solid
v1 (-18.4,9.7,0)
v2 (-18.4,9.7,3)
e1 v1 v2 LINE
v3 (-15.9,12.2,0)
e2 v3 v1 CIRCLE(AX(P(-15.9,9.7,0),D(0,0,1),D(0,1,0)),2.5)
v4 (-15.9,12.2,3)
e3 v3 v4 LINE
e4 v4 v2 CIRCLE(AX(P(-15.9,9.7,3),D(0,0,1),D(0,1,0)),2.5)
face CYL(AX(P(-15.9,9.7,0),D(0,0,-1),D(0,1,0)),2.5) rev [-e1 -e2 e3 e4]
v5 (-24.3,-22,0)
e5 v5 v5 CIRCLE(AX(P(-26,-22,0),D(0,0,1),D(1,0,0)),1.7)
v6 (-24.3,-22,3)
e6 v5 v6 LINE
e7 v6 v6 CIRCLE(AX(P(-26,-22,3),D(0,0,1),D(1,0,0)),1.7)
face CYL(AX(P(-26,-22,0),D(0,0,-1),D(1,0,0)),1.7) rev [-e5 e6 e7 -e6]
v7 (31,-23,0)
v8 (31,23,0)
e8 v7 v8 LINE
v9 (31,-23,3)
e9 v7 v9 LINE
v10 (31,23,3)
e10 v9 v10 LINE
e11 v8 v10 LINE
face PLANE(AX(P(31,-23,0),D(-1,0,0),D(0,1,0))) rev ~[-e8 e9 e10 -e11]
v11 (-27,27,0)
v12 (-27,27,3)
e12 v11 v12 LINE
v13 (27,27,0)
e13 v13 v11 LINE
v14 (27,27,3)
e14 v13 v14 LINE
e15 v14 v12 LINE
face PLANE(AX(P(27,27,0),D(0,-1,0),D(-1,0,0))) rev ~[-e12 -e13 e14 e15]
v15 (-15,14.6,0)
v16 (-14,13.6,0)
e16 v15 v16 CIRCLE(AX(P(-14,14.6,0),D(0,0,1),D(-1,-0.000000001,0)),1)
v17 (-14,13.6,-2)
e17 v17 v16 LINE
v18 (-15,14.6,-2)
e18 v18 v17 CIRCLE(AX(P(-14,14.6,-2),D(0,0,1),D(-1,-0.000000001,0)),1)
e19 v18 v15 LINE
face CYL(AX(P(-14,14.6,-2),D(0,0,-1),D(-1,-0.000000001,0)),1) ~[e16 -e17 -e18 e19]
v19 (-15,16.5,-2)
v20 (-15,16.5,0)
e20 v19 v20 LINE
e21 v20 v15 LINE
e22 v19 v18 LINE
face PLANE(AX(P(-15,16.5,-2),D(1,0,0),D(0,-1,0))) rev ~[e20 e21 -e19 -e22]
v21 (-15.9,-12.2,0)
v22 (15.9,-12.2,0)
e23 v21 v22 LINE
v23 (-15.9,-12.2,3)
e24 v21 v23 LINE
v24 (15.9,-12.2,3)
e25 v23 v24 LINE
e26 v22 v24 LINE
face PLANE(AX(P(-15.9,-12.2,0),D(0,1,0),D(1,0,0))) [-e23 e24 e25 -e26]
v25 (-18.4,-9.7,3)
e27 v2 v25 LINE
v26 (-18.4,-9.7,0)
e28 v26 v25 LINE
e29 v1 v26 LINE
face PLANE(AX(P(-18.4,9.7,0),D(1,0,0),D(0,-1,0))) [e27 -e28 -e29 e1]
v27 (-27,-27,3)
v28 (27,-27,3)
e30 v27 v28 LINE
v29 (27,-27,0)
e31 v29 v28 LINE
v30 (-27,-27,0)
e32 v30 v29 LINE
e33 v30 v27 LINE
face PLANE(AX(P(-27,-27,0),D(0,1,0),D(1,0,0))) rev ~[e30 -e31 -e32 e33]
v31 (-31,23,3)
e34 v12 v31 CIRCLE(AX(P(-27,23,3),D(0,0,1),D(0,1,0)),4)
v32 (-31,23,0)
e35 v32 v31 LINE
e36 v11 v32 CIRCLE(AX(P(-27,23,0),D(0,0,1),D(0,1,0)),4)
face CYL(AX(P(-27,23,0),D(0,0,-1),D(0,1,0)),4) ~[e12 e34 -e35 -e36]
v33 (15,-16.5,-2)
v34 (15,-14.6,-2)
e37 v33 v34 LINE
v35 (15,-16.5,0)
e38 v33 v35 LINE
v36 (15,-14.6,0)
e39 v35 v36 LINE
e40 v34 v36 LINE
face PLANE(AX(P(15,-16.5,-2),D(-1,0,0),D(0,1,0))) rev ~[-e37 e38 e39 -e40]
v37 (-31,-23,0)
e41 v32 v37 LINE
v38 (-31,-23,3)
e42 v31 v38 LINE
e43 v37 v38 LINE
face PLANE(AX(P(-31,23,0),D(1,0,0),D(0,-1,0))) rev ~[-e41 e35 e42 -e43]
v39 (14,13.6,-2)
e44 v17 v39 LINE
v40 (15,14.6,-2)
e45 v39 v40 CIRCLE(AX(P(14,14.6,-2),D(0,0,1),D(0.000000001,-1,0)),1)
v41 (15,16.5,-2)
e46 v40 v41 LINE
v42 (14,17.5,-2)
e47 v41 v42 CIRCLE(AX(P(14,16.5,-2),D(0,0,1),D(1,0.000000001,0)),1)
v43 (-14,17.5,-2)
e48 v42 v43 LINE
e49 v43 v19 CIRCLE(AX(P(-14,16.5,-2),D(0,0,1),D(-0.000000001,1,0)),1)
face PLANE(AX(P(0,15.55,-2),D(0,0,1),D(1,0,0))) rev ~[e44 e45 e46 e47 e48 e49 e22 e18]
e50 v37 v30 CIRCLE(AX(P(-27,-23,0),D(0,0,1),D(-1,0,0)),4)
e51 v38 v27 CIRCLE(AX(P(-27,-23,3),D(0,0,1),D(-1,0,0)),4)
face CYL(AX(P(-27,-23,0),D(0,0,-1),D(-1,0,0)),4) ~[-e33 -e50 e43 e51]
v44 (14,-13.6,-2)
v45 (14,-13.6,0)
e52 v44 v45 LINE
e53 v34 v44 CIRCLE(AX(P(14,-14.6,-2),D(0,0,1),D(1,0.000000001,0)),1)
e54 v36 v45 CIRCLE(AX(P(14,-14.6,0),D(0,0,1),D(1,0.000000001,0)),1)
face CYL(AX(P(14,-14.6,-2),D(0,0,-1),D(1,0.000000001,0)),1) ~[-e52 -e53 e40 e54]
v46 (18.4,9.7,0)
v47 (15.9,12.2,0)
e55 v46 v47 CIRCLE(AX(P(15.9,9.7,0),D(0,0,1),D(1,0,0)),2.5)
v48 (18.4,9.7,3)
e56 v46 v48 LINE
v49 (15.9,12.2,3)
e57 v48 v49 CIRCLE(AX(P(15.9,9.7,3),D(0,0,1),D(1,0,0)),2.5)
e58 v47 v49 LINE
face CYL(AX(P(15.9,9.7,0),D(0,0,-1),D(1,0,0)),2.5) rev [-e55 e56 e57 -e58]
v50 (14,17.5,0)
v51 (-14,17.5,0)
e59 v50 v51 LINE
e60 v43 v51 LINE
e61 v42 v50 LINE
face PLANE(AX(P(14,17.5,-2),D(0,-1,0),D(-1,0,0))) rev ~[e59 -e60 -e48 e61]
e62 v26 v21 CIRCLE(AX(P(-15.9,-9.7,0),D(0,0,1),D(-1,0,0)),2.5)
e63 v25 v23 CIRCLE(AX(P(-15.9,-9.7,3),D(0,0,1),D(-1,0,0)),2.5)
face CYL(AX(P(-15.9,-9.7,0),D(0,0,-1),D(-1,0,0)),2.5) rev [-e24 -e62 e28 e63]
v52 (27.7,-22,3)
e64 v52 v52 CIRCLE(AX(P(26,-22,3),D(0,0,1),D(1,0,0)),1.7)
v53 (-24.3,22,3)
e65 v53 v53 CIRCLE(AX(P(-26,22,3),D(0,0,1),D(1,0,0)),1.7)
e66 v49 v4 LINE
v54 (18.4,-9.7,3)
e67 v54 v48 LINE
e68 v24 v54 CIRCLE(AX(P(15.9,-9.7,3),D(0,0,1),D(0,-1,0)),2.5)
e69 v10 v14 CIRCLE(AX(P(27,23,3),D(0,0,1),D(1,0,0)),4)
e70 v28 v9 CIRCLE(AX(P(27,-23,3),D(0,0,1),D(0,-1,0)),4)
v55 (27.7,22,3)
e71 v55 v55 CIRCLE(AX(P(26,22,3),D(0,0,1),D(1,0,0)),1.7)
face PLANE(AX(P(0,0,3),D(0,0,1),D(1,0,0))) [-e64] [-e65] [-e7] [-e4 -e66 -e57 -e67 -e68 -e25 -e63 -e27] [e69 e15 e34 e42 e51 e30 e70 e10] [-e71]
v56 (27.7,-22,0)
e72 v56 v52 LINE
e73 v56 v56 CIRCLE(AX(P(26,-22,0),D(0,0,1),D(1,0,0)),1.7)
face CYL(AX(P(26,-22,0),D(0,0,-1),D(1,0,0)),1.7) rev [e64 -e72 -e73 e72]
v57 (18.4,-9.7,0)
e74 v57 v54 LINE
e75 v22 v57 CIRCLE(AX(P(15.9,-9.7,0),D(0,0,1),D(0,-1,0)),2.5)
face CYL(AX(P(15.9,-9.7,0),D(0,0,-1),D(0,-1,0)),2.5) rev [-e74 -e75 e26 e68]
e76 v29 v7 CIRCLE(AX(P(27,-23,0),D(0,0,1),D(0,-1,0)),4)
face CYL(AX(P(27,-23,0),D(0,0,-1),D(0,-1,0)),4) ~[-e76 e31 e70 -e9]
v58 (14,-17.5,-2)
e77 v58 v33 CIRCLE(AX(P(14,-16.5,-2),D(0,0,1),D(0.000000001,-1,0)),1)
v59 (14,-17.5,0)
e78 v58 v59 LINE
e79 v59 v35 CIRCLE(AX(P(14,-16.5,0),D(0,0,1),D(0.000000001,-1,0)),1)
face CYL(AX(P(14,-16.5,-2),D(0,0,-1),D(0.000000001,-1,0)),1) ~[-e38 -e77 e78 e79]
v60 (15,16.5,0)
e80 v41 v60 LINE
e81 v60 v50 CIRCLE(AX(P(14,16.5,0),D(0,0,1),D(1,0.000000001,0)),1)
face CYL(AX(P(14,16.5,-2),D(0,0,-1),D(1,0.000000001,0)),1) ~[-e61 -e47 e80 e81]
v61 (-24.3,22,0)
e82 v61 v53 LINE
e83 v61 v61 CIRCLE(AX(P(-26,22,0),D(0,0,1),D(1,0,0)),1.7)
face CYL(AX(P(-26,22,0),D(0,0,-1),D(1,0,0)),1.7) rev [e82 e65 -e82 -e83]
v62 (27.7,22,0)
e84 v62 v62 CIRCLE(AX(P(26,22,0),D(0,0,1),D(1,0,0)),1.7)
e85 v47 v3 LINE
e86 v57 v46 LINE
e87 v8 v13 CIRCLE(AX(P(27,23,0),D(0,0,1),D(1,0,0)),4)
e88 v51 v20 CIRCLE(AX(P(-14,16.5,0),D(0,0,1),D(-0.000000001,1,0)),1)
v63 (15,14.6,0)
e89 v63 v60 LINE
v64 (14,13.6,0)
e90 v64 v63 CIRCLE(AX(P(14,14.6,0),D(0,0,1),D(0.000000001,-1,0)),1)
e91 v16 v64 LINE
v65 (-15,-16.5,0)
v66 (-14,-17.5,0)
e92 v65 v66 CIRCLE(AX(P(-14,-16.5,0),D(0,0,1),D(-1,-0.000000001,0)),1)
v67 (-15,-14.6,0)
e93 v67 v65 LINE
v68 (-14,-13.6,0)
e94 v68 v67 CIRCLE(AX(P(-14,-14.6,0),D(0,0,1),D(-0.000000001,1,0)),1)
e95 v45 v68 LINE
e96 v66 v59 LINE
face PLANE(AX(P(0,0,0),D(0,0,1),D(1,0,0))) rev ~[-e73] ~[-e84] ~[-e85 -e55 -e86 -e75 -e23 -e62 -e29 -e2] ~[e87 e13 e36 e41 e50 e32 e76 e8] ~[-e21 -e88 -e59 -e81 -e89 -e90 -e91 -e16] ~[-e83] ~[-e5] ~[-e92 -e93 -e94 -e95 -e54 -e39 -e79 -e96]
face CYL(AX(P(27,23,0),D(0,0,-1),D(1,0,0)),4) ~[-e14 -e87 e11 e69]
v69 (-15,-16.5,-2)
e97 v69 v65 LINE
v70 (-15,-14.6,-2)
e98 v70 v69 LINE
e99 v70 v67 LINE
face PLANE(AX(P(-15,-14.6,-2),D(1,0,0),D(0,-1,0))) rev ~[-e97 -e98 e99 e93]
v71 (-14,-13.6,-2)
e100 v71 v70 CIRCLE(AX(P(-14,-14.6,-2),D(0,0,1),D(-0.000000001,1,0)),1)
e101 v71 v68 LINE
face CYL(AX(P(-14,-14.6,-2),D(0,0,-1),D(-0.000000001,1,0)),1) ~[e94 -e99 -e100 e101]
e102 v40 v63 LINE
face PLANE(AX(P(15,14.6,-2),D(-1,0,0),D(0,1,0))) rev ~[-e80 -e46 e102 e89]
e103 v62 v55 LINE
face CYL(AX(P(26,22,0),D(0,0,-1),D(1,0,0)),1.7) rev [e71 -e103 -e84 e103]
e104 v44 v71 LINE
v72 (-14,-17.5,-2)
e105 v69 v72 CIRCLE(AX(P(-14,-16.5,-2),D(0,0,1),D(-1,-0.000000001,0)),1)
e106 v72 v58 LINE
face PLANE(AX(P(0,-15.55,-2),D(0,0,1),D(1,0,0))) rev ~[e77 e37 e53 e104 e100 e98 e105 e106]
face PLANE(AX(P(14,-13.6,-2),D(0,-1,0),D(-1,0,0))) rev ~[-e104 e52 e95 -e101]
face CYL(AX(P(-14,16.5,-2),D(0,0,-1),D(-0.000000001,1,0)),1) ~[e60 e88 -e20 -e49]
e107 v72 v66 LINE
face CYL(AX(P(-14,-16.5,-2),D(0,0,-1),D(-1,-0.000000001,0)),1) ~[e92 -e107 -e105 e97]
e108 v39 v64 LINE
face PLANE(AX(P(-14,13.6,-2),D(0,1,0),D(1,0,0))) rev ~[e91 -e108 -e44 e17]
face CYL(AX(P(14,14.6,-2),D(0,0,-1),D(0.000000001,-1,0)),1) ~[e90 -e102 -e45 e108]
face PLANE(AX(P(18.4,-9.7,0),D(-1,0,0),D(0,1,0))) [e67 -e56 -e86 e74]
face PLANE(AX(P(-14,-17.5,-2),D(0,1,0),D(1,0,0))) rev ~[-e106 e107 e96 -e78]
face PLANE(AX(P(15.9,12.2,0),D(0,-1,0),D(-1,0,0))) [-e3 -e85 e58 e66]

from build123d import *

# Parameters (mm, degrees)
OUTER_CLAMP_COVER_62X54X3_SKETCH_R = 1.7
OUTER_CLAMP_COVER_62X54X3_DEPTH    = 3
TWO_CASE_RETAINING_FEET_START      = -2
TWO_CASE_RETAINING_FEET_DEPTH      = 2


with BuildPart() as part:
    # Outer_clamp_cover_62x54x3_Sketch → Outer_clamp_cover_62x54x3 (new body)
    with BuildSketch(Plane.XY):
        with BuildLine():
            Line((-27, -27), (27, -27))
            ThreePointArc((27, -27), (29.828427125, -25.828427125), (31, -23))
            Line((31, -23), (31, 23))
            ThreePointArc((31, 23), (29.828427125, 25.828427125), (27, 27))
            Line((27, 27), (-27, 27))
            ThreePointArc((-27, 27), (-29.828427125, 25.828427125), (-31, 23))
            Line((-31, 23), (-31, -23))
            ThreePointArc((-31, -23), (-29.828427125, -25.828427125), (-27, -27))
        make_face()
        with Locations((-26, -22)):
            Circle(OUTER_CLAMP_COVER_62X54X3_SKETCH_R, mode=Mode.SUBTRACT)
        with Locations((-26, 22)):
            Circle(OUTER_CLAMP_COVER_62X54X3_SKETCH_R, mode=Mode.SUBTRACT)
        with Locations((26, -22)):
            Circle(OUTER_CLAMP_COVER_62X54X3_SKETCH_R, mode=Mode.SUBTRACT)
        with Locations((26, 22)):
            Circle(OUTER_CLAMP_COVER_62X54X3_SKETCH_R, mode=Mode.SUBTRACT)
        with BuildLine():
            Line((-15.9, -12.2), (15.9, -12.2))
            ThreePointArc((15.9, -12.2), (17.667766953, -11.467766953), (18.4, -9.7))
            Line((18.4, -9.7), (18.4, 9.7))
            ThreePointArc((18.4, 9.7), (17.667766953, 11.467766953), (15.9, 12.2))
            Line((15.9, 12.2), (-15.9, 12.2))
            ThreePointArc((-15.9, 12.2), (-17.667766953, 11.467766953), (-18.4, 9.7))
            Line((-18.4, 9.7), (-18.4, -9.7))
            ThreePointArc((-18.4, -9.7), (-17.667766953, -11.467766953), (-15.9, -12.2))
        make_face(mode=Mode.SUBTRACT)
    extrude(amount=OUTER_CLAMP_COVER_62X54X3_DEPTH)

    # Two_case_retaining_feet_Sketch → Two_case_retaining_feet (add)
    with BuildSketch(Plane.XY.offset(TWO_CASE_RETAINING_FEET_START)):
        with BuildLine():
            Line((-14, -17.5), (14, -17.5))
            ThreePointArc((14, -17.5), (14.707106781, -17.207106781), (15, -16.5))
            Line((15, -16.5), (15, -14.6))
            ThreePointArc((15, -14.6), (14.707106781, -13.892893219), (14, -13.6))
            Line((14, -13.6), (-14, -13.6))
            ThreePointArc((-14, -13.6), (-14.707106781, -13.892893219), (-15, -14.6))
            Line((-15, -14.6), (-15, -16.5))
            ThreePointArc((-15, -16.5), (-14.707106781, -17.207106781), (-14, -17.5))
        make_face()
        with BuildLine():
            Line((-14, 13.6), (14, 13.6))
            ThreePointArc((14, 13.6), (14.707106781, 13.892893219), (15, 14.6))
            Line((15, 14.6), (15, 16.5))
            ThreePointArc((15, 16.5), (14.707106781, 17.207106781), (14, 17.5))
            Line((14, 17.5), (-14, 17.5))
            ThreePointArc((-14, 17.5), (-14.707106781, 17.207106781), (-15, 16.5))
            Line((-15, 16.5), (-15, 14.6))
            ThreePointArc((-15, 14.6), (-14.707106781, 13.892893219), (-14, 13.6))
        make_face()
    extrude(amount=TWO_CASE_RETAINING_FEET_DEPTH)


solid = part.part
